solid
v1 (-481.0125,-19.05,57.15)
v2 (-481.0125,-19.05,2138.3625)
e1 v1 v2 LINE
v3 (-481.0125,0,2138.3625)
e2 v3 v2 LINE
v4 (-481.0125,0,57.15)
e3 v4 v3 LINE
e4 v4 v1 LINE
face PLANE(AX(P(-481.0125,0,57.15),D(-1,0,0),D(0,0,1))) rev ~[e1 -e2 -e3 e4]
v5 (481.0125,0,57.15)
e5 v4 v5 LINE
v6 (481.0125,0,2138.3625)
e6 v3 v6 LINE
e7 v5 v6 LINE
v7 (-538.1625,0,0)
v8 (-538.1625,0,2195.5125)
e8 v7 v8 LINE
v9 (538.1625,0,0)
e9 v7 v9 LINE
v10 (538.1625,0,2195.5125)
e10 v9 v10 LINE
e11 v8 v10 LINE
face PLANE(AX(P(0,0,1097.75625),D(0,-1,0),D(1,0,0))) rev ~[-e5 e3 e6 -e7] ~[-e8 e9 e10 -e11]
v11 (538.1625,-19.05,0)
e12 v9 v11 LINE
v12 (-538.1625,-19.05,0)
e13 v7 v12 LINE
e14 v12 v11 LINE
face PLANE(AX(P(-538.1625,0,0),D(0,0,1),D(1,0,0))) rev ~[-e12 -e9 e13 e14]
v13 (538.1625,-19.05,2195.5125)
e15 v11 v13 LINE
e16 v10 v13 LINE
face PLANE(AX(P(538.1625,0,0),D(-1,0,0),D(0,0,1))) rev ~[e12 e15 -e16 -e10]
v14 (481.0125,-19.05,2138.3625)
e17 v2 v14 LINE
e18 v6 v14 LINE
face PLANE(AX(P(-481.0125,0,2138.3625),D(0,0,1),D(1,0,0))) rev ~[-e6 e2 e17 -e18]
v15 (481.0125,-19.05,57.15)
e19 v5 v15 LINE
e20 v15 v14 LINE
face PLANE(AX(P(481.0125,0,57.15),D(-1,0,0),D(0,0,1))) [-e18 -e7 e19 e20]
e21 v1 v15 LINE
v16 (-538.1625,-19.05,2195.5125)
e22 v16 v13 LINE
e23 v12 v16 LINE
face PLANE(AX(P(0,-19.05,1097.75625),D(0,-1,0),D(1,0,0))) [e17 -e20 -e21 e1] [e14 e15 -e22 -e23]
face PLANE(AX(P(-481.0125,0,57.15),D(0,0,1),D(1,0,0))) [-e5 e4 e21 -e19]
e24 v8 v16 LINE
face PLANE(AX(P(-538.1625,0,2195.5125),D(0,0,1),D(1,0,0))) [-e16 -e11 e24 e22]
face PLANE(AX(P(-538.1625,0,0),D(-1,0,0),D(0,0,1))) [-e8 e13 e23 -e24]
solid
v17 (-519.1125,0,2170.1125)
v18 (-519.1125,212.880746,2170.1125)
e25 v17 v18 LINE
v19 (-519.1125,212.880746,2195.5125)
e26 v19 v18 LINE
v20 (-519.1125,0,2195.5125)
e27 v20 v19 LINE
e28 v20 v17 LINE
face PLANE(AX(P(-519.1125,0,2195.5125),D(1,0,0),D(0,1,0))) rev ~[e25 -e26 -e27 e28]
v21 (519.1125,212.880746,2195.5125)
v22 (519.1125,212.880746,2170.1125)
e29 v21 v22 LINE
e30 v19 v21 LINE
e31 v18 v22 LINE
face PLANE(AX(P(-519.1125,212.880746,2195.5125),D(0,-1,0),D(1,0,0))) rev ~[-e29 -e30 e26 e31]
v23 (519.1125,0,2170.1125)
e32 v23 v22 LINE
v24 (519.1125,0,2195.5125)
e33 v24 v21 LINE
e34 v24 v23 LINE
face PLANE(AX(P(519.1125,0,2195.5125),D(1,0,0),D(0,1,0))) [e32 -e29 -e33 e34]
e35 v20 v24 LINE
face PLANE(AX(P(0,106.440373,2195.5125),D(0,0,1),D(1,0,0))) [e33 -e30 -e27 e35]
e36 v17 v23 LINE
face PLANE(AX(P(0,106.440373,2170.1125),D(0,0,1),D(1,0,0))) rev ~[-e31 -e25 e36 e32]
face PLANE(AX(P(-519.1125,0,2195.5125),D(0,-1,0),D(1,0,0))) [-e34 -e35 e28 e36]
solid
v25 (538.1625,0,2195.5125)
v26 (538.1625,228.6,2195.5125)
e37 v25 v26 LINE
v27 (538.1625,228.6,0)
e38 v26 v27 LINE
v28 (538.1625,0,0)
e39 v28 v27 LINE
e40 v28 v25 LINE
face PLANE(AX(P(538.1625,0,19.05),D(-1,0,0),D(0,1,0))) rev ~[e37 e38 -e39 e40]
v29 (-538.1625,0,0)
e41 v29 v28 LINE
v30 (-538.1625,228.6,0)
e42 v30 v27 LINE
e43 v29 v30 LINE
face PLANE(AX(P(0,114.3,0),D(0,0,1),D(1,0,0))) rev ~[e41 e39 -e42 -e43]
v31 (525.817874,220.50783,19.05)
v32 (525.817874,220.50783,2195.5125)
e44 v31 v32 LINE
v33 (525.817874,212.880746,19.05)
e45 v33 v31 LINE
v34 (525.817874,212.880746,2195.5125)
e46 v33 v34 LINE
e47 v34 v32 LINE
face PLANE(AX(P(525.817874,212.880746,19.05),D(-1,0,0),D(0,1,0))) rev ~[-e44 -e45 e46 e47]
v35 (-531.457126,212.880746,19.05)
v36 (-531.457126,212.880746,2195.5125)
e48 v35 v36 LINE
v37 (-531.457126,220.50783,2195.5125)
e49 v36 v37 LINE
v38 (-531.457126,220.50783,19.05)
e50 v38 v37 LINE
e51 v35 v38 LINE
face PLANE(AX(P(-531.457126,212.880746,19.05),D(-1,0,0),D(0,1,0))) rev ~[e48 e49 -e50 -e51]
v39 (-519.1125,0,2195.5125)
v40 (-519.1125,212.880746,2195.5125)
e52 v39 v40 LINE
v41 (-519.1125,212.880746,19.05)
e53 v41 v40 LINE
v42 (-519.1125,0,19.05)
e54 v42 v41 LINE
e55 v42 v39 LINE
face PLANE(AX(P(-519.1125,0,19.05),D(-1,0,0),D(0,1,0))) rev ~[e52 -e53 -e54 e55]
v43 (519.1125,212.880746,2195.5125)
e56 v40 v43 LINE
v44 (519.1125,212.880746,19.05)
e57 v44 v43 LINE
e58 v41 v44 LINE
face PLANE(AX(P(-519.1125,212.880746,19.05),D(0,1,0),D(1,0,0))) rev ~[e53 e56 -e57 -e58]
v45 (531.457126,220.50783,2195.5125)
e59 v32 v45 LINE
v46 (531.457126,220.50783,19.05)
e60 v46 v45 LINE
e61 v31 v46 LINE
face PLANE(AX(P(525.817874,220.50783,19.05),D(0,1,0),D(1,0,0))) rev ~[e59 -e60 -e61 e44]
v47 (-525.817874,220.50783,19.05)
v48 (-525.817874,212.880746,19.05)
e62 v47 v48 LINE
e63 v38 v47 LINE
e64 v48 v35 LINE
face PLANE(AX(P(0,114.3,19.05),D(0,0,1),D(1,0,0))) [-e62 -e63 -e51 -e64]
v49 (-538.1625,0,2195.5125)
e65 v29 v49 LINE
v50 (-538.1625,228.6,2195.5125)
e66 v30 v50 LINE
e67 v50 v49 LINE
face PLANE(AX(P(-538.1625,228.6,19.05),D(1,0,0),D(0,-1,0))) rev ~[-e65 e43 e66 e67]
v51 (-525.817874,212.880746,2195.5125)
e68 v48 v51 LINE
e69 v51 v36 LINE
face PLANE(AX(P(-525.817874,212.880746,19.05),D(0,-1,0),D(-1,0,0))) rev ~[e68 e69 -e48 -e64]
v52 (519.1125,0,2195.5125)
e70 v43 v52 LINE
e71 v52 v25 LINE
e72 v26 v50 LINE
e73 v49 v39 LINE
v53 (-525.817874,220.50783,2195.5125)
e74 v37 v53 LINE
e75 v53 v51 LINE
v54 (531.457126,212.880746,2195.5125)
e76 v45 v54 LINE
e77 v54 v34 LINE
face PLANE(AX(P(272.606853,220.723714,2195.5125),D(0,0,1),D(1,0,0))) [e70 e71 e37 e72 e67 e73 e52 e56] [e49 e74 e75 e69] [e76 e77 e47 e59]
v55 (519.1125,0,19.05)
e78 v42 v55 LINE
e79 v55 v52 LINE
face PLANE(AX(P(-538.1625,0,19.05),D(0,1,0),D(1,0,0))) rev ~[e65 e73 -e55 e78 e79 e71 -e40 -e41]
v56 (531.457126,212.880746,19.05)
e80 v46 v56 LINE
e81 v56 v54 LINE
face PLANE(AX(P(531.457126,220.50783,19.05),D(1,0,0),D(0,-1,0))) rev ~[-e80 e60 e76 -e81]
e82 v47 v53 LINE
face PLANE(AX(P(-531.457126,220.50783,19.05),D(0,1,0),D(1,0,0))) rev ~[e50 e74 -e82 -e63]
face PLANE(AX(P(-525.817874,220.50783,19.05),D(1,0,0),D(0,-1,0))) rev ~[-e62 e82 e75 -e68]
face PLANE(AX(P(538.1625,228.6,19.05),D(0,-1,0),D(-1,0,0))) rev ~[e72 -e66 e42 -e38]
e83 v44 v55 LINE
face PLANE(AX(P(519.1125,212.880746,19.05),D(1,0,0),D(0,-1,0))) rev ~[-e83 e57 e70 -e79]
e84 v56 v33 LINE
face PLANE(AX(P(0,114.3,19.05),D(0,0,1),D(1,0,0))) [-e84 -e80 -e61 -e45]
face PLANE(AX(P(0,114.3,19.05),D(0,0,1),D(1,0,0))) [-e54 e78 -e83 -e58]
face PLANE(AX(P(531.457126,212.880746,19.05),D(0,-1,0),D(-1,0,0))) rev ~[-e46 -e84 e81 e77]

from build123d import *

# Parameters (mm, degrees)
F0_W     = 1076.325
F0_H     = 228.6
F1_DEPTH = 19.05
F4_DEPTH = 2176.4625
F5_W     = 1038.225
F5_H     = 212.880746
F6_DEPTH = 25.4
F7_W     = 1076.325
F7_H     = 2195.5125
F7_W_2   = 962.025
F7_H_2   = 2081.2125
F8_DEPTH = 19.05


with BuildPart() as f1:
    # F0 (on Top) → F1 (new body)
    with BuildSketch(Plane.XY):
        with Locations((0, 114.3)):
            Rectangle(F0_W, F0_H)
    extrude(amount=F1_DEPTH)

    # F3 (on face) → F4 (join)
    with BuildSketch(Plane.XY.offset(19.05)):
        Polygon((0, 228.6), (0, 212.880746), (519.1125, 212.880746), (525.817874, 212.880746), (525.817874, 220.50783), (528.6375, 220.50783), (531.457126, 220.50783), (531.457126, 212.880746), (538.1625, 212.880746), (538.1625, 228.6), align=None)
        Polygon((-538.1625, 228.6), (-538.1625, 212.880746), (-531.457126, 212.880746), (-531.457126, 220.50783), (-528.6375, 220.50783), (-525.817874, 220.50783), (-525.817874, 212.880746), (-519.1125, 212.880746), (0, 212.880746), (0, 228.6), align=None)
        Polygon((-538.1625, 209.55), (-538.1625, 0), (-519.1125, 0), (-519.1125, 209.55), (-519.1125, 212.880746), (-525.817874, 212.880746), (-531.457126, 212.880746), (-538.1625, 212.880746), align=None)
        Polygon((519.1125, 209.55), (519.1125, 0), (538.1625, 0), (538.1625, 212.880746), (531.457126, 212.880746), (525.817874, 212.880746), (519.1125, 212.880746), align=None)
    extrude(amount=F4_DEPTH)


with BuildPart() as f6:
    # F5 (on face) → F6 (new body)
    with BuildSketch(Plane.XY.offset(2195.5125)):
        with Locations((0, 106.440373)):
            Rectangle(F5_W, F5_H)
    extrude(amount=-F6_DEPTH)


with BuildPart() as f8:
    # F7 (on face) → F8 (new body)
    with BuildSketch(Plane.XZ):
        with Locations((0, 1097.75625)):
            Rectangle(F7_W, F7_H)
        with Locations((0, 1097.75625)):
            Rectangle(F7_W_2, F7_H_2, mode=Mode.SUBTRACT)
    extrude(amount=F8_DEPTH)


solid = Compound([f1.part, f6.part, f8.part])
